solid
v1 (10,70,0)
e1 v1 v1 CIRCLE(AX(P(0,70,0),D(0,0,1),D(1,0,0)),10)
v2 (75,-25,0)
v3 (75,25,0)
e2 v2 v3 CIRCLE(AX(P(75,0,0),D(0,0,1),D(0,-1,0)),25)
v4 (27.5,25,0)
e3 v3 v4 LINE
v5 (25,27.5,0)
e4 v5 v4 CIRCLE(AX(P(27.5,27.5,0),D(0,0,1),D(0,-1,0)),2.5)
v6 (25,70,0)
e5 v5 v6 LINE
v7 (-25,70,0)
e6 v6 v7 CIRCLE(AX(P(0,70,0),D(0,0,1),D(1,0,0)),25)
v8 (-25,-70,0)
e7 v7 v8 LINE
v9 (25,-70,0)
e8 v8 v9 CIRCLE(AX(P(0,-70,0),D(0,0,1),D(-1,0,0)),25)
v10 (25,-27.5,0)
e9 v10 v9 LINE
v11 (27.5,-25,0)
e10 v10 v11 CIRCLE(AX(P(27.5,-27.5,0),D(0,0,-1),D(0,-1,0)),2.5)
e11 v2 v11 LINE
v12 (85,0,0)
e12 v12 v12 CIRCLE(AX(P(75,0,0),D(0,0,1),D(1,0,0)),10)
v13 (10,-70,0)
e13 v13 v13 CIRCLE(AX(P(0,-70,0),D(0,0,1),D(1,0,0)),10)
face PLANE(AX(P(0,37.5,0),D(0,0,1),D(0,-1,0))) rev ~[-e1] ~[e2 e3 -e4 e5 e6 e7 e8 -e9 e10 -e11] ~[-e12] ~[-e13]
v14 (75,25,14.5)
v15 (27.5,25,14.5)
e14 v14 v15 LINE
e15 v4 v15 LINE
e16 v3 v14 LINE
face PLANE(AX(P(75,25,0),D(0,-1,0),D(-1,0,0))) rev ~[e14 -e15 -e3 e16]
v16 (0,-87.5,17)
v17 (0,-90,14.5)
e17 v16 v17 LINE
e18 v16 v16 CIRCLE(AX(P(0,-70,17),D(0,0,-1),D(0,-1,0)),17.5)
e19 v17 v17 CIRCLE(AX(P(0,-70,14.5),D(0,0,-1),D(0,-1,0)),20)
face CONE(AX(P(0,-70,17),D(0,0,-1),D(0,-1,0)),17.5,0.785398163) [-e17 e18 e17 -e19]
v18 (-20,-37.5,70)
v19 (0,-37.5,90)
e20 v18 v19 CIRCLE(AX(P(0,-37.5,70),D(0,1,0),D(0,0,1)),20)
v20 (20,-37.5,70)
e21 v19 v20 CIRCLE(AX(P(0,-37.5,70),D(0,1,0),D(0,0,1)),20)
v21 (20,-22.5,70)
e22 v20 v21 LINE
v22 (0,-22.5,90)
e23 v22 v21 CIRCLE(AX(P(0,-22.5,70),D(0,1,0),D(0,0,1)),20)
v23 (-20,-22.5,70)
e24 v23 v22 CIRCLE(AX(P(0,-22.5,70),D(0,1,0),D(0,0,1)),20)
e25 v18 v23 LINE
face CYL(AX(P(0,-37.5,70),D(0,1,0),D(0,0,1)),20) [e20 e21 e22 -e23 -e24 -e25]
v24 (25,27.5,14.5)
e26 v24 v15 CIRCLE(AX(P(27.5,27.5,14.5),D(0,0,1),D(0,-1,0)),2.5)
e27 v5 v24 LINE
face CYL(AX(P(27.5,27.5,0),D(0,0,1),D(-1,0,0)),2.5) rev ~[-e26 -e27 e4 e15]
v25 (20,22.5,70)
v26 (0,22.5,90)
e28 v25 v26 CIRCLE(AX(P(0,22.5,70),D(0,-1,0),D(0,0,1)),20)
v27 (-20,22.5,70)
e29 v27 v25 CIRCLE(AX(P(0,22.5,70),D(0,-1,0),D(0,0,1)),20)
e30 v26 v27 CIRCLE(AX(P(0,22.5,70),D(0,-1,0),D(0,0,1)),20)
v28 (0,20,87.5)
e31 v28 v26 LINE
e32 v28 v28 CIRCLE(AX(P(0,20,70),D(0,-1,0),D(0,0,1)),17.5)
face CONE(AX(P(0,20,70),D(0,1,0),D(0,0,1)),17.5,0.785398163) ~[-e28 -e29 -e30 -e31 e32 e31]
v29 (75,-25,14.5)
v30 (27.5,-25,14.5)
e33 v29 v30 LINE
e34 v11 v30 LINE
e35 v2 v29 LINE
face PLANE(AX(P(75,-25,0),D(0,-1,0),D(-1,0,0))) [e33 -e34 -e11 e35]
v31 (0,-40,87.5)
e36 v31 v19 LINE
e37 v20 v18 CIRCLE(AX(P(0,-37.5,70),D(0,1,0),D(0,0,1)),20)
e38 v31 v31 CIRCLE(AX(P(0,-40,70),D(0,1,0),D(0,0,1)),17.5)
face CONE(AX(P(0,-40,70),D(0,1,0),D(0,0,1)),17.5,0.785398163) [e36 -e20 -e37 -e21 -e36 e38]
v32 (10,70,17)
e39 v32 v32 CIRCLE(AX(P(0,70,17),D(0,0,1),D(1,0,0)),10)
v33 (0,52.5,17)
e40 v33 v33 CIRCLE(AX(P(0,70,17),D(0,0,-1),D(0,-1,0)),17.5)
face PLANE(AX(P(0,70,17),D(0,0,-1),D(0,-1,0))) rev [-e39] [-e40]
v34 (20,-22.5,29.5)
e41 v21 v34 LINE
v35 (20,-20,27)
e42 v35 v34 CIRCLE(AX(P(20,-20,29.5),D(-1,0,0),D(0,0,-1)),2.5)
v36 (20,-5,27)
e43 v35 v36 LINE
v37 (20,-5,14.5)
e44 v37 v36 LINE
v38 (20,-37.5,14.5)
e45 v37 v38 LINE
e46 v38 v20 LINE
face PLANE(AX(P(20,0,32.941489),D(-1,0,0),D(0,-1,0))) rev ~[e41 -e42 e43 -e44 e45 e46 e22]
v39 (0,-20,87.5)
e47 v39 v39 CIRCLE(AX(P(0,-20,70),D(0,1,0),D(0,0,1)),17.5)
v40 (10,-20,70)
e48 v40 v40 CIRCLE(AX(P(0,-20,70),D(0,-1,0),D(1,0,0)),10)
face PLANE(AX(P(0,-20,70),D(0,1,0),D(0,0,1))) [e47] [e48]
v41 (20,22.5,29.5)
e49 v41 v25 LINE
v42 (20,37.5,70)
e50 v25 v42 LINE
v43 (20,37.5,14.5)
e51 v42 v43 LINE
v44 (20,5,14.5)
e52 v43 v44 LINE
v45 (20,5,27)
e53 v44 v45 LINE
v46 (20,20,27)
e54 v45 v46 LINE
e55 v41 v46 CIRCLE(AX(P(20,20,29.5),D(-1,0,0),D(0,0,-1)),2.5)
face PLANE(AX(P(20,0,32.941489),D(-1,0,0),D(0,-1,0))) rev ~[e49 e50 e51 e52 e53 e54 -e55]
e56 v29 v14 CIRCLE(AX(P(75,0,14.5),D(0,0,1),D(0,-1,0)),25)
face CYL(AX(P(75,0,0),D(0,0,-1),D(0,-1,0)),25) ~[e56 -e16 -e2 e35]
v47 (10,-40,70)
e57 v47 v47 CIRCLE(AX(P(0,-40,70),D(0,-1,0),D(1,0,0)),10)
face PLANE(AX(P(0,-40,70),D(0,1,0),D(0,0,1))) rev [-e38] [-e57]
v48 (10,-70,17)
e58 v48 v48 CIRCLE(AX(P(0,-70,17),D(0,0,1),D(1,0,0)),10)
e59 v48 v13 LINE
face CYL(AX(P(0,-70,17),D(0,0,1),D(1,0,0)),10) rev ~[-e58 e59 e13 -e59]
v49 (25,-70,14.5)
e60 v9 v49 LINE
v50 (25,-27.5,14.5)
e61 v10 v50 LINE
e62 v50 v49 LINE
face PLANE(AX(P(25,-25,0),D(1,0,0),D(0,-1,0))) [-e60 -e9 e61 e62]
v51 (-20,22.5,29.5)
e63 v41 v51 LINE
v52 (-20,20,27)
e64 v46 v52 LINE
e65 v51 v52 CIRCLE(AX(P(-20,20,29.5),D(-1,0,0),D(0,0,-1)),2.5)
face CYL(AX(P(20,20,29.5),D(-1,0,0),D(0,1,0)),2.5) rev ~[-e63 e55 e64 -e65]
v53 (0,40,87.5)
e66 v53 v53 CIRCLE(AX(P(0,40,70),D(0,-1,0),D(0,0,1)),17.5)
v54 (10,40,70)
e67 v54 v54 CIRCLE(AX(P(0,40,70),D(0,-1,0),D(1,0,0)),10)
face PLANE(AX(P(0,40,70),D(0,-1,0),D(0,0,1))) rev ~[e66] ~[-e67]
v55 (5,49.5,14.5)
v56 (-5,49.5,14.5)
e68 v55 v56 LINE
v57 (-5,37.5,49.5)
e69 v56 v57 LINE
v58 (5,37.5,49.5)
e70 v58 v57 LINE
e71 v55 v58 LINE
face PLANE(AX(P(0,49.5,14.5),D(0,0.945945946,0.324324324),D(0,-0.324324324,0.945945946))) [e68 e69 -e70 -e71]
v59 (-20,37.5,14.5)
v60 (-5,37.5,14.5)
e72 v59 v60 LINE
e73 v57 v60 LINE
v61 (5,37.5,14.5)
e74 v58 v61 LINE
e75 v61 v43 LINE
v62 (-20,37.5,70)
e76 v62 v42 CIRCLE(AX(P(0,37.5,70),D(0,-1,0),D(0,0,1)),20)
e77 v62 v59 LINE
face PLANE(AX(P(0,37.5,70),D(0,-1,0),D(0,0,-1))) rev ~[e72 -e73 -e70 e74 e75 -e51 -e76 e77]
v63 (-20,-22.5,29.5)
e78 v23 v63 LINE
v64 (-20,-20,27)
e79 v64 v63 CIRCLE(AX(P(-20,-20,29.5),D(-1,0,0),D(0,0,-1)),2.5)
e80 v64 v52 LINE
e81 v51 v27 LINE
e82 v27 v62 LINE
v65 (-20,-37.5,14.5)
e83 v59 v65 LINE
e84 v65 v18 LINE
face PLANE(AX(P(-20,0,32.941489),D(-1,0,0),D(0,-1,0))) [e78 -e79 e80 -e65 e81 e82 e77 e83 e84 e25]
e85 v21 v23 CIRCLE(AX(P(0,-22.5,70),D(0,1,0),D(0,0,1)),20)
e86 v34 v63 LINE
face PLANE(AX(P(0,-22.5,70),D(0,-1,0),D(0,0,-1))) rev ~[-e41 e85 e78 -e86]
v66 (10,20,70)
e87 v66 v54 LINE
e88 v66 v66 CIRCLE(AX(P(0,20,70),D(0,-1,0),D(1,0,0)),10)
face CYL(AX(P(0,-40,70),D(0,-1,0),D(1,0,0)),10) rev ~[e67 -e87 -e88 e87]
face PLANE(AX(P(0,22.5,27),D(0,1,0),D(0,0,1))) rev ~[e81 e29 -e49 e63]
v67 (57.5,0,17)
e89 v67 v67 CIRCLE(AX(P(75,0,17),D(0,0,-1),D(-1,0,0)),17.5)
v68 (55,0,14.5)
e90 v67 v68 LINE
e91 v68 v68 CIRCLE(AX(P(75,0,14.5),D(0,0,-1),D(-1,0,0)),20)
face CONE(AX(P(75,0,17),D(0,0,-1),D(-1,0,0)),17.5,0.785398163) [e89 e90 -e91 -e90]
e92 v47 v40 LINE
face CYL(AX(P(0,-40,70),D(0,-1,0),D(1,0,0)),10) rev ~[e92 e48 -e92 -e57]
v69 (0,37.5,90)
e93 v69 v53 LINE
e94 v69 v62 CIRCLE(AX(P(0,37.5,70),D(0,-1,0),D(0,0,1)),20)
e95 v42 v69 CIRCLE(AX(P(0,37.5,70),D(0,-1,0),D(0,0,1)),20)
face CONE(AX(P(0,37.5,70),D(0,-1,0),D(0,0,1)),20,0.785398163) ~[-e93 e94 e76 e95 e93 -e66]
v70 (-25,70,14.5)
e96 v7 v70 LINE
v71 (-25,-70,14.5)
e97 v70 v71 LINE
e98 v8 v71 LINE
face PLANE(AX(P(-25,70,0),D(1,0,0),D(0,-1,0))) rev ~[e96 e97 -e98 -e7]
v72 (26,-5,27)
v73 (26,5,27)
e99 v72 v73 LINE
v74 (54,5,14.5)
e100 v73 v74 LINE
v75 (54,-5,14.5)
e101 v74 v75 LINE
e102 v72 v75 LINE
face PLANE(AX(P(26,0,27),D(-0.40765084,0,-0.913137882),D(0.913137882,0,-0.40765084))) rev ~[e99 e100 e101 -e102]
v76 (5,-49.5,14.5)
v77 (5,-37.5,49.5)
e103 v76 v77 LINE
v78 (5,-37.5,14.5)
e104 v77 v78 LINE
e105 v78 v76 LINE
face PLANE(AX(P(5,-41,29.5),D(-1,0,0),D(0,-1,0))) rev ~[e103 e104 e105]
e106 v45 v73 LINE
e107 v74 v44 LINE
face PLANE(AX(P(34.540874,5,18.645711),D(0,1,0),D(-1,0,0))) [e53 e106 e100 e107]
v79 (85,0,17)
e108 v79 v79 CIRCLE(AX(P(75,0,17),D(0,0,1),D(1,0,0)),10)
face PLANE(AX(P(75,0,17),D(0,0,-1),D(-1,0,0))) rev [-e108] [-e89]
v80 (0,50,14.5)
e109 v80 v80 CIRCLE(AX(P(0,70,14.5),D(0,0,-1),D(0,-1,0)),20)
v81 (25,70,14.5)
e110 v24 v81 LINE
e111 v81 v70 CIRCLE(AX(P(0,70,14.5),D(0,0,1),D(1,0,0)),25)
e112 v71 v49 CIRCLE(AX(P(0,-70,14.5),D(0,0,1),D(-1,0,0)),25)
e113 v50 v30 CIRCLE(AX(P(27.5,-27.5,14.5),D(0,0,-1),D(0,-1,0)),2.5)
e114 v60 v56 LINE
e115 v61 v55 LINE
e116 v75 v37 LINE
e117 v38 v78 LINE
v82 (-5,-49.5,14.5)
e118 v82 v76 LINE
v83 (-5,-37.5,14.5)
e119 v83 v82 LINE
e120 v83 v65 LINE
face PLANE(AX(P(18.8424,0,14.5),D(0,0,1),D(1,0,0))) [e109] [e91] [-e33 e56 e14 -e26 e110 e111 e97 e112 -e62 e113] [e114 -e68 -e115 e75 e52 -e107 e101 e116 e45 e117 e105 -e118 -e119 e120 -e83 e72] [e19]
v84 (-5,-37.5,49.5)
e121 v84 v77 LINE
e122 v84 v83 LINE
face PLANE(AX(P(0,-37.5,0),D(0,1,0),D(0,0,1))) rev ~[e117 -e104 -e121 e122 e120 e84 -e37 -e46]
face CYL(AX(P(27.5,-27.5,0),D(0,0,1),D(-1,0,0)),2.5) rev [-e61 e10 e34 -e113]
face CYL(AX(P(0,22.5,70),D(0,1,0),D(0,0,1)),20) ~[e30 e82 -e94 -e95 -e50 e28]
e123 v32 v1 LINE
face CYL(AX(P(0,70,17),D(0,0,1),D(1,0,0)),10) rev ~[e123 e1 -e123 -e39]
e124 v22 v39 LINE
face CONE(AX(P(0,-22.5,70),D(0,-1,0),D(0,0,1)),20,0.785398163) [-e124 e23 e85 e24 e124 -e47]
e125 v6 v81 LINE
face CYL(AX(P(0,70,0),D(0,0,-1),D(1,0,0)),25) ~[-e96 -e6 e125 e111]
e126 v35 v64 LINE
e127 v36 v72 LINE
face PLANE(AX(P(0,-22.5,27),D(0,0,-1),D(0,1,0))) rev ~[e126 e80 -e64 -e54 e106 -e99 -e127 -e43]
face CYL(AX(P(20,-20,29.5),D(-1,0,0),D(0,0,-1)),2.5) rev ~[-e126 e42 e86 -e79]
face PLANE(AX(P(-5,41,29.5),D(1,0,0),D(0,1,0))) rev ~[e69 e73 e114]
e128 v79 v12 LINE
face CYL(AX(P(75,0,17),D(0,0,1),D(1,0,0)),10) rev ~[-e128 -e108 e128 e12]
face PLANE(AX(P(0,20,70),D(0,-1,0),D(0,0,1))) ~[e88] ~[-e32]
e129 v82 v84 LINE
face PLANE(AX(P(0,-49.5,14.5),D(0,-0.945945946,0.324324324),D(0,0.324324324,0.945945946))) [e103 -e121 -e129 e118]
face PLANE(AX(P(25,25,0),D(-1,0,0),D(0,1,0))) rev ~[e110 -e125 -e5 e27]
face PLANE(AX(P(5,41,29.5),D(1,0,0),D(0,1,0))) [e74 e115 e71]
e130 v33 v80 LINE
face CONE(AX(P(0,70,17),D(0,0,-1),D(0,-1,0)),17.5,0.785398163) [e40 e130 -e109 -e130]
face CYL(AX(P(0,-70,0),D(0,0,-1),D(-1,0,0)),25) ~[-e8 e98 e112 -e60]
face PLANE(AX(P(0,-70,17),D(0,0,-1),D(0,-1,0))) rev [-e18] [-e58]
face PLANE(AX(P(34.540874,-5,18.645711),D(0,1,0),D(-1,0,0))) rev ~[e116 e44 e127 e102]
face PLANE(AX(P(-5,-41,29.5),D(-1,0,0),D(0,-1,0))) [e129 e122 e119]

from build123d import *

# Parameters (mm, degrees)
PAD_DEPTH       = 14.5
PAD001_DEPTH    = 20
PAD002_DEPTH    = 5
PAD003_DEPTH    = 5
SKETCH009_R     = 10
POCKET_DEPTH    = 135.001
SKETCH010_R     = 10
POCKET001_DEPTH = 17.001
FILLET_R        = 2.5


with BuildPart() as part:
    # Sketch → Pad (new body)
    with BuildSketch(Plane.XY):
        with BuildLine():
            Line((-25, 70), (-25, -70))
            ThreePointArc((-25, -70), (0, -95), (25, -70))
            Line((25, -25), (25, -70))
            Line((75, -25), (25, -25))
            ThreePointArc((75, -25), (100, 0), (75, 25))
            Line((75, 25), (25, 25))
            Line((25, 25), (25, 70))
            ThreePointArc((25, 70), (0, 95), (-25, 70))
        make_face()
    extrude(amount=PAD_DEPTH)

    # Sketch001 → Pad001 (join, symmetric)
    with BuildSketch(Plane.YZ):
        Polygon((-37.5, 0), (-37.5, 70), (-22.5, 70), (-22.5, 27), (22.5, 27), (22.5, 70), (37.5, 70), (37.5, 0), align=None)
    extrude(amount=PAD001_DEPTH, both=True)

    # Sketch002 → Pad002 (join, symmetric)
    with BuildSketch(Plane.YZ):
        Polygon((-37.5, 49.5), (-37.5, 14.5), (-49.5, 14.5), align=None)
        Polygon((37.5, 49.5), (37.5, 14.5), (49.5, 14.5), align=None)
    extrude(amount=PAD002_DEPTH, both=True)

    # Sketch003 → Pad003 (join, symmetric)
    with BuildSketch(Plane.XZ):
        Polygon((20, 14.5), (20, 27), (26, 27), (54, 14.5), align=None)
    extrude(amount=PAD003_DEPTH, both=True)

    # Sketch004 → Revolution (revolve)
    with BuildSketch(Plane.YZ):
        Polygon((-40, 70), (-40, 87.5), (-37.5, 90), (-22.5, 90), (-20, 87.5), (-20, 70), align=None)
    revolve(axis=Axis((0, -20, 70), (0, 1, 0)))

    # Sketch005 → Revolution001 (revolve)
    with BuildSketch(Plane.YZ):
        Polygon((20, 70), (20, 87.5), (22.5, 90), (37.5, 90), (40, 87.5), (40, 70), align=None)
    revolve(axis=Axis((0, 20, 70), (0, -1, 0)))

    # Sketch006 → Revolution002 (revolve)
    with BuildSketch(Plane.YZ):
        Polygon((-90, 14.5), (-70, 14.5), (-70, 17), (-87.5, 17), align=None)
    revolve(axis=Axis((0, -70, 14.5), (0, 0, -1)))

    # Sketch007 → Revolution003 (revolve)
    with BuildSketch(Plane.YZ):
        Polygon((50, 14.5), (70, 14.5), (70, 17), (52.5, 17), align=None)
    revolve(axis=Axis((0, 70, 14.5), (0, 0, -1)))

    # Sketch008 → Revolution004 (revolve)
    with BuildSketch(Plane.XZ):
        Polygon((55, 14.5), (75, 14.5), (75, 17), (57.5, 17), align=None)
    revolve(axis=Axis((75, 0, 14.5), (0, 0, -1)))

    # Sketch009 (on Face38 of Revolution004) → Pocket (cut, through all)
    with BuildSketch(Plane.XZ.offset(40)):
        with Locations((0, 70)):
            Circle(SKETCH009_R)
    extrude(amount=-POCKET_DEPTH, mode=Mode.SUBTRACT)

    # Sketch010 (on Face37 of Pocket) → Pocket001 (cut, through all)
    with BuildSketch(Plane.XY.offset(17)):
        with Locations((0, 70)):
            Circle(SKETCH010_R)
        with Locations((75, 0)):
            Circle(SKETCH010_R)
        with Locations((0, -70)):
            Circle(SKETCH010_R)
    extrude(amount=-POCKET001_DEPTH, mode=Mode.SUBTRACT)

    # Fillet
    fillet_edges = [part.edges().sort_by_distance(p)[0] for p in [
        (25, -25, 7.25),
        (25, 25, 7.25),
        (0, 22.5, 27),
        (0, -22.5, 27),
    ]]
    fillet(fillet_edges, radius=FILLET_R)


solid = part.part
